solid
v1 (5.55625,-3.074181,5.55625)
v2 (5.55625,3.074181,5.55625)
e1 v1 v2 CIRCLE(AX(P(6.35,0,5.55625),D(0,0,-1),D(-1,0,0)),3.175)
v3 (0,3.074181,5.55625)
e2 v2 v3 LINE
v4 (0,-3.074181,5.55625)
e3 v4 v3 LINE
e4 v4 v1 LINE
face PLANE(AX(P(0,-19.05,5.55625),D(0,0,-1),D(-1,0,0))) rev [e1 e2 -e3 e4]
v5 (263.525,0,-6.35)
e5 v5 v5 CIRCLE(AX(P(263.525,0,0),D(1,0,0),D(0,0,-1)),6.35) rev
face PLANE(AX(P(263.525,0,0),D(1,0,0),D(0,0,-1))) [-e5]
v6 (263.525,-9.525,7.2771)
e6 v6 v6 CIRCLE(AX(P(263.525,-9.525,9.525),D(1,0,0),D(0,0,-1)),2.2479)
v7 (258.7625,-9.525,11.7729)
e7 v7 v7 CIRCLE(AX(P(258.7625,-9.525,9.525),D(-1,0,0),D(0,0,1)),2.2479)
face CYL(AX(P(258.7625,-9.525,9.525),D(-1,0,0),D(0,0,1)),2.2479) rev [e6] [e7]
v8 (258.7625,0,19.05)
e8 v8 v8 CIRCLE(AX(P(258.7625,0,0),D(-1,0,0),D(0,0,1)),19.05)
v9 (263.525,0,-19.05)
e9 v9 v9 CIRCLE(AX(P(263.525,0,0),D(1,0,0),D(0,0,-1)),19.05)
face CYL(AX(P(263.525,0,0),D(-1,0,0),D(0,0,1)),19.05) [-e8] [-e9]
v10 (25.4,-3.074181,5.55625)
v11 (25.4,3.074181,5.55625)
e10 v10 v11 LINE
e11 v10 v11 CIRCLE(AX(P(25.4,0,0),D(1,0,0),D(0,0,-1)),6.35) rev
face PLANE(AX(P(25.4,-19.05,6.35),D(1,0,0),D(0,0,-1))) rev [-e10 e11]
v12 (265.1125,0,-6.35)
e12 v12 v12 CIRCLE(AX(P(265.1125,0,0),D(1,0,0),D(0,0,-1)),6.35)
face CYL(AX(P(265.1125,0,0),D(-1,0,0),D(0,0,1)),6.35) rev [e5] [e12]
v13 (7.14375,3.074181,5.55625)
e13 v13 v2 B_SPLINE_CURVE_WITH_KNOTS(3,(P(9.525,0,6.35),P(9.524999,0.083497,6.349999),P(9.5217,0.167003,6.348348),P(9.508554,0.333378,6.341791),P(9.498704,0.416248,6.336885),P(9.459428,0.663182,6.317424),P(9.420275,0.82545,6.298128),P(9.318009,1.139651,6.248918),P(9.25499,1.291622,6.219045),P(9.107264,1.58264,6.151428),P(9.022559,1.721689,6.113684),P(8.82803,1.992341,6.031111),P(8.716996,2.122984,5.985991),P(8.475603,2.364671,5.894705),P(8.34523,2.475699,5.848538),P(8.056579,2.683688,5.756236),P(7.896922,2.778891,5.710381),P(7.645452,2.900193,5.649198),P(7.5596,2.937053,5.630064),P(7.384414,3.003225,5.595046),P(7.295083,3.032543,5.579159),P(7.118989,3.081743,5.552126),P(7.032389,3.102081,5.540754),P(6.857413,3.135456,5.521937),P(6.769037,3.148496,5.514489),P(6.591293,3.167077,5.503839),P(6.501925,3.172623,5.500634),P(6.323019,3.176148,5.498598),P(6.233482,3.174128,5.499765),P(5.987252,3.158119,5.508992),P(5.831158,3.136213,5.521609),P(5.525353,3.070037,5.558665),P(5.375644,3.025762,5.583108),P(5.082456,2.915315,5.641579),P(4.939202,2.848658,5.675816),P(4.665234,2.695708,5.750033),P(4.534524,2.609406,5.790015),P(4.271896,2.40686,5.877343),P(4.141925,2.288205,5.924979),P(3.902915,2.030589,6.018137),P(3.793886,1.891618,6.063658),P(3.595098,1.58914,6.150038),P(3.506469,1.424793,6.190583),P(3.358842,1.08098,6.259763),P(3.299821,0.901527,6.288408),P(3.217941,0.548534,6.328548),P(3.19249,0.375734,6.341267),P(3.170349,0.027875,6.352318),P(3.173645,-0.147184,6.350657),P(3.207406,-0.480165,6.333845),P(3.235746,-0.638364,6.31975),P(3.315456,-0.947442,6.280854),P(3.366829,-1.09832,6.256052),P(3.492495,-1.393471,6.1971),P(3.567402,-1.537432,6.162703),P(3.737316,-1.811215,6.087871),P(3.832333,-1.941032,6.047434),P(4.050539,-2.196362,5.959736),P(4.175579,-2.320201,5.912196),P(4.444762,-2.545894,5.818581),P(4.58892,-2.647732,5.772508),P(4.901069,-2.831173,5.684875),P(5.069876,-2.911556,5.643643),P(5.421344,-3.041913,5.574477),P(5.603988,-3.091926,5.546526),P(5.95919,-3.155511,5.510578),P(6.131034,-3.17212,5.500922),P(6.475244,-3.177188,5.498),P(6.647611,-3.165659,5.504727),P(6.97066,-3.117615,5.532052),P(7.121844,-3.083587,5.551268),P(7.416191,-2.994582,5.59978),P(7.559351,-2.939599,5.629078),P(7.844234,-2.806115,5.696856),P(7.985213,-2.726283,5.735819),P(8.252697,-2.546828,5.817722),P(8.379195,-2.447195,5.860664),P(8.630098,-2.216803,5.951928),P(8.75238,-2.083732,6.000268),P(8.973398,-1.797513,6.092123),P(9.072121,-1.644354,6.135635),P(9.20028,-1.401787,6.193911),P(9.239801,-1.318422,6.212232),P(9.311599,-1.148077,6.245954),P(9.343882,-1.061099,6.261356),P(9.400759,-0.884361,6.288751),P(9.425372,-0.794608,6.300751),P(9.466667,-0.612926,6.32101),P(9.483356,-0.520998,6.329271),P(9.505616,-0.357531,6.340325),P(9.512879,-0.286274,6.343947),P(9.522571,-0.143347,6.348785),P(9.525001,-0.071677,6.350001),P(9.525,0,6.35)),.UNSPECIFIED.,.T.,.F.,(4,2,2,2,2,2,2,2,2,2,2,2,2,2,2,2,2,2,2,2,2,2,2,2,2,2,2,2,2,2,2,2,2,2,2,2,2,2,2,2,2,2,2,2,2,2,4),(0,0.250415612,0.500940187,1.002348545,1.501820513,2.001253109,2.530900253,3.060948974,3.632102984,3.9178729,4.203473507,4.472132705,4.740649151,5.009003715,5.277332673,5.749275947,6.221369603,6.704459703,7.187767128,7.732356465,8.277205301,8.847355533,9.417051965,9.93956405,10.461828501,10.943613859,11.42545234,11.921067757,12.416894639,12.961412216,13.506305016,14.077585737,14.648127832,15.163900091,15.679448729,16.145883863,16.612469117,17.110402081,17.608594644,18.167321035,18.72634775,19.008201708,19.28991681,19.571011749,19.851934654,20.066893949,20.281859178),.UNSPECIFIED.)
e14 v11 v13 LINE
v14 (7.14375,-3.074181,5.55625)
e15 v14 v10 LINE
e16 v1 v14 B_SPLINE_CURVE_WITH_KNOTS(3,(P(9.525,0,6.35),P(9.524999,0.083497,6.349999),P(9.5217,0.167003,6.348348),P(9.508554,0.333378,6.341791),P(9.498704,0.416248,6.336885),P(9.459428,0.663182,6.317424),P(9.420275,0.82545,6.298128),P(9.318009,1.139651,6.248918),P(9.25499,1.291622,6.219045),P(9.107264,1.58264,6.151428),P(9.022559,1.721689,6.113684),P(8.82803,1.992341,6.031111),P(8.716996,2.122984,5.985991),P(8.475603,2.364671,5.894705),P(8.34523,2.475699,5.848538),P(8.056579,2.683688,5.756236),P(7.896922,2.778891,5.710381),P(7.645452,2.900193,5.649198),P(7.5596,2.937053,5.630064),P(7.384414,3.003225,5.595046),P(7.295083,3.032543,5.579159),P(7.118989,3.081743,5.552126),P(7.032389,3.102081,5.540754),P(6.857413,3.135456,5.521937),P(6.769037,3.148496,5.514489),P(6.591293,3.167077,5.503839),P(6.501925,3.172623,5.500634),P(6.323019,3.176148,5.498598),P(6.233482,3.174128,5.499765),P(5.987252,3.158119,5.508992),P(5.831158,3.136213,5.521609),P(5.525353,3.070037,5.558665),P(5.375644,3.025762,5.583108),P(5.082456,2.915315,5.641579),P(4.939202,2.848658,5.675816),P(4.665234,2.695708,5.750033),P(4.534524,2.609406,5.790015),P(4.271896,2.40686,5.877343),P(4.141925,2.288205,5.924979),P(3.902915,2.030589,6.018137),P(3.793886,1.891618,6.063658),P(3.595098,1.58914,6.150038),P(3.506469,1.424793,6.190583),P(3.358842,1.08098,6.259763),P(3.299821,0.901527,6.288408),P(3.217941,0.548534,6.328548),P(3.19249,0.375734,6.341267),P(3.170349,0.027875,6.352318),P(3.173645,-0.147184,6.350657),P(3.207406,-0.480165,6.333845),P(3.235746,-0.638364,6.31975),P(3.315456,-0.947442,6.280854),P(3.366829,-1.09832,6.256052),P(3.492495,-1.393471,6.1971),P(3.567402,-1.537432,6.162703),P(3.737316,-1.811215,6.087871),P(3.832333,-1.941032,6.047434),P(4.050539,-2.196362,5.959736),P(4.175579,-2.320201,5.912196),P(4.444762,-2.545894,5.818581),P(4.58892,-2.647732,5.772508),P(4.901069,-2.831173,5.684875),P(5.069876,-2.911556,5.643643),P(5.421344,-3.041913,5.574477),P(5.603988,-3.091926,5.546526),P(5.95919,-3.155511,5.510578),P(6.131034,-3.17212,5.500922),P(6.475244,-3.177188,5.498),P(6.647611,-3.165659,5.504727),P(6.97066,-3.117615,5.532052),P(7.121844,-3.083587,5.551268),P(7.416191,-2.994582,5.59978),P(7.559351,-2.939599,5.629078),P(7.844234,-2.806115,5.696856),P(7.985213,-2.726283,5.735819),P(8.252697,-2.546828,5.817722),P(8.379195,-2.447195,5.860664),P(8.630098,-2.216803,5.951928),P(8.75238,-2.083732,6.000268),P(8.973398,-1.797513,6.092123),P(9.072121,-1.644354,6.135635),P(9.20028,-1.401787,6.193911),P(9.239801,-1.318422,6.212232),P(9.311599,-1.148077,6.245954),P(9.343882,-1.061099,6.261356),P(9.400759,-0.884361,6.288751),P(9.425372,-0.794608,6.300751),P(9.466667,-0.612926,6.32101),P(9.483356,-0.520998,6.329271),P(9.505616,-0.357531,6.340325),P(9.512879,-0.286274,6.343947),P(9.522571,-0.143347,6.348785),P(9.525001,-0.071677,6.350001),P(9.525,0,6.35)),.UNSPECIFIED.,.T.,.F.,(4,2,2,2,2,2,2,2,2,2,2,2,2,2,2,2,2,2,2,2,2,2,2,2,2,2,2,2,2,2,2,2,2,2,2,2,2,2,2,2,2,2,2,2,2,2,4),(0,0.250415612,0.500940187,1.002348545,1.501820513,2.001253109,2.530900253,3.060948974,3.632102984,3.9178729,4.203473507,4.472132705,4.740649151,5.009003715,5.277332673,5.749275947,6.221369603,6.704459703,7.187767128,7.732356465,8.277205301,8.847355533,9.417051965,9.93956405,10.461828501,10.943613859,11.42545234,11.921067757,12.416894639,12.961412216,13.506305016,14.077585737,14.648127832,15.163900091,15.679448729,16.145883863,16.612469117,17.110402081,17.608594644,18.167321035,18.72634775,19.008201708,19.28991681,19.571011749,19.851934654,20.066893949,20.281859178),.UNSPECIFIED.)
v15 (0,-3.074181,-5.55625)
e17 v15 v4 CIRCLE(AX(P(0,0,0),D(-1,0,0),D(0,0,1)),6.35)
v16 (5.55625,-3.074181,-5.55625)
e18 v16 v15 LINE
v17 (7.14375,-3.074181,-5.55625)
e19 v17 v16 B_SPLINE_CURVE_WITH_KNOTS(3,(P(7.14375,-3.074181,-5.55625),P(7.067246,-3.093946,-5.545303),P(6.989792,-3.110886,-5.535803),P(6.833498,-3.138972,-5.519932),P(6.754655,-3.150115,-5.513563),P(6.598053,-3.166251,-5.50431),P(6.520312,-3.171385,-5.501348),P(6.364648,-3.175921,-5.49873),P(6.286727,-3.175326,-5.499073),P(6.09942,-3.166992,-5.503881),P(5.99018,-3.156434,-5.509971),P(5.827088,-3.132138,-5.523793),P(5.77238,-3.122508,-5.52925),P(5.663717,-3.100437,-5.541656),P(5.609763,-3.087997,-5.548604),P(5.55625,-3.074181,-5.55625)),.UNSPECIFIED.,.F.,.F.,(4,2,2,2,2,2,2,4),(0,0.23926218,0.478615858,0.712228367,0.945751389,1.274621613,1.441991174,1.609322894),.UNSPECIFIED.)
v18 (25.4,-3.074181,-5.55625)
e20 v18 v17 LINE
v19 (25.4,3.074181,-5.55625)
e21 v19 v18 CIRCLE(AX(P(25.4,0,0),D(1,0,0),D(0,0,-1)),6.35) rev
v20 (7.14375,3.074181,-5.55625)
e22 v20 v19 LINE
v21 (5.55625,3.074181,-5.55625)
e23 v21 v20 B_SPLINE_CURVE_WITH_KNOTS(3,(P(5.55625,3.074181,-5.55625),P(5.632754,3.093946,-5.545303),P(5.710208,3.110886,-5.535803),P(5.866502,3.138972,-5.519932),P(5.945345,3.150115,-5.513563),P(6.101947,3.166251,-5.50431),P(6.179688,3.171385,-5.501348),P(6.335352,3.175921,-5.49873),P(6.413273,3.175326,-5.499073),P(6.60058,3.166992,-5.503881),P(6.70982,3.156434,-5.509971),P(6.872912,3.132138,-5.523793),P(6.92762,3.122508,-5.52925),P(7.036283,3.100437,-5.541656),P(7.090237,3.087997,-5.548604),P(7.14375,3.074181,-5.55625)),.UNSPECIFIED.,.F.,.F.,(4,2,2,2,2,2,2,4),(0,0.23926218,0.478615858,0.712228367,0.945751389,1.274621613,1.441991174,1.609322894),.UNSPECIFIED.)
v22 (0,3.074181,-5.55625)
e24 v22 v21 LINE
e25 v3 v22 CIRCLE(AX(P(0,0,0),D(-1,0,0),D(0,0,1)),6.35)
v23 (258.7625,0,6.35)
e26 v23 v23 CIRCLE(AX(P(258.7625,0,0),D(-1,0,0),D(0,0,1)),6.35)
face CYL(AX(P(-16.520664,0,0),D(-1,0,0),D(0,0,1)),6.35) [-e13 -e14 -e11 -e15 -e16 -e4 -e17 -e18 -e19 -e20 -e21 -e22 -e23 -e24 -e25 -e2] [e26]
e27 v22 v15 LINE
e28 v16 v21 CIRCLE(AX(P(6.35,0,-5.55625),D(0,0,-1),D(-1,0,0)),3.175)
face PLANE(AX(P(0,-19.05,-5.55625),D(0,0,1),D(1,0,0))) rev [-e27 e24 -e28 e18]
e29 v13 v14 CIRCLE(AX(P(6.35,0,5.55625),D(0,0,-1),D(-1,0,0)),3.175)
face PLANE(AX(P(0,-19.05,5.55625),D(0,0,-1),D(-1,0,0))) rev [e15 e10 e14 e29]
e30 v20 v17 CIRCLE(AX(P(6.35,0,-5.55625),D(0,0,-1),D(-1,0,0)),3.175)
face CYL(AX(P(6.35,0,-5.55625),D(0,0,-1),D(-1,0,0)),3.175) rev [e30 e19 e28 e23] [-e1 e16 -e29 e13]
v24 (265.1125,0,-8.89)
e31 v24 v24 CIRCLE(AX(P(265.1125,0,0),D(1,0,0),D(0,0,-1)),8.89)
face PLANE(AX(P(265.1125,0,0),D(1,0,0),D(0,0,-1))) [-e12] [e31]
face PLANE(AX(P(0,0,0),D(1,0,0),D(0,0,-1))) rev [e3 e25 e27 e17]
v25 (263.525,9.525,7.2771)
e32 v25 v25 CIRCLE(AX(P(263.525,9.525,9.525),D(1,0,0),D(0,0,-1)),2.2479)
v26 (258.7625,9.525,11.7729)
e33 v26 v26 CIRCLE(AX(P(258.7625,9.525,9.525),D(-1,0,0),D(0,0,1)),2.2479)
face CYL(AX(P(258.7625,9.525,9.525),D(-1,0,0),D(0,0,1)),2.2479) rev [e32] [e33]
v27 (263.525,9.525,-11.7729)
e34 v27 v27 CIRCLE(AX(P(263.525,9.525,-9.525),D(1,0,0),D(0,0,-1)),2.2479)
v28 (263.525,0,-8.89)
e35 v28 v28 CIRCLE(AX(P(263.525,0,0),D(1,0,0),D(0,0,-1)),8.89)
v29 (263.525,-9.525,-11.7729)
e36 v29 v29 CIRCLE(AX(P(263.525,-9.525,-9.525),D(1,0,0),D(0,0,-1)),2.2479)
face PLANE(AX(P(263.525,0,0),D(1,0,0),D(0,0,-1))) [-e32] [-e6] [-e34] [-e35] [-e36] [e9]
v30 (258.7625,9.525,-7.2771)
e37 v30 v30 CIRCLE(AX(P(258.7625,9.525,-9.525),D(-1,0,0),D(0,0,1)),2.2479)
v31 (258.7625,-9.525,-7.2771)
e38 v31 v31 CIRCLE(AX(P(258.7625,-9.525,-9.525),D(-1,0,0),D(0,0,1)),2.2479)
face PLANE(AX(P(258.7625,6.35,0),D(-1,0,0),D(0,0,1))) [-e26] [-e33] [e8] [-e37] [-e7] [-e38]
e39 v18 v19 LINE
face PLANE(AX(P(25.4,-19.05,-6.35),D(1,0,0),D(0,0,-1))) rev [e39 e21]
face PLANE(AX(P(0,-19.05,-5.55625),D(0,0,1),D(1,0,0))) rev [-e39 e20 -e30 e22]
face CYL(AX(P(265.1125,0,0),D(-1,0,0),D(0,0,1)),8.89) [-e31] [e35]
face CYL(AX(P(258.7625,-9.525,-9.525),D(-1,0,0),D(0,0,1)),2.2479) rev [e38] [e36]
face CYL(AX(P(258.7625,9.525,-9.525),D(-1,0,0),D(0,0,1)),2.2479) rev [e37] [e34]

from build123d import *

# Parameters (mm, degrees)
SKETCH1_R                       = 19.05
BOSS_EXTRUDE1_DEPTH             = 263.525
SKETCH2_W                       = 258.7625
SKETCH2_H                       = 12.7
CUT_EXTRUDE1_DEPTH              = 265.898528922
CUT_EXTRUDE1_DEPTH_BACK         = 265.898528922
SKETCH8_W                       = 25.4
SKETCH8_H                       = 0.79375
F_1_1_DIAMETER_HOLE2_D          = 6.35
F_16_0_177_DIAMETER_HOLE1_D     = 4.4958
F_16_0_177_DIAMETER_HOLE1_DEPTH = 25.4
F_16_0_177_DIAMETER_HOLE1_TIP   = 1.350674586
BOSS_EXTRUDE2_START             = 1.5875
SKETCH15_R                      = 8.89
SKETCH15_R_2                    = 6.35
BOSS_EXTRUDE2_DEPTH             = 1.5875


with BuildPart() as part:
    # Sketch1 → Boss-Extrude1 (new body)
    with BuildSketch(Plane(origin=(0, 0, 0), x_dir=(0, 0, -1), z_dir=(1, 0, 0))):
        Circle(SKETCH1_R)
    extrude(amount=BOSS_EXTRUDE1_DEPTH)

    # Sketch2 → Cut-Revolve1 (revolve, cut)
    with BuildSketch(Plane.XY, mode=Mode.PRIVATE) as cut_revolve1_sk:
        with Locations((129.38125, 12.7)):
            Rectangle(SKETCH2_W, SKETCH2_H)
    revolve(cut_revolve1_sk.sketch.rotate(Axis((-16.52066387, 0, 0), (1, 0, 0)), 90), axis=Axis((-16.52066387, 0, 0), (1, 0, 0)), mode=Mode.SUBTRACT)

    # Sketch8 → Cut-Extrude1 (cut, two sides: drawn at the far end of the back side and taken through both)
    with BuildSketch(Plane(origin=(0, 0, 0), x_dir=(1, 0, 0), z_dir=(0, 1, 0)).offset(-CUT_EXTRUDE1_DEPTH_BACK)):
        with Locations((12.7, 5.953125)):
            Rectangle(SKETCH8_W, SKETCH8_H)
        with Locations((12.7, -5.953125)):
            Rectangle(SKETCH8_W, SKETCH8_H)
    extrude(amount=CUT_EXTRUDE1_DEPTH + CUT_EXTRUDE1_DEPTH_BACK, mode=Mode.SUBTRACT)

    # 1 (1) Diameter Hole2 (through all)
    with Locations(Plane(origin=(0, 0, -5.55625), x_dir=(-1, 0, 0), z_dir=(0, 0, -1))):
        with Locations((-6.35, 0)):
            Hole(F_1_1_DIAMETER_HOLE2_D / 2)

    # #16 (0.177) Diameter Hole1
    with Locations(Plane.ZY.offset(-258.7625)):
        with Locations((9.525, 9.525), (-9.525, -9.525), (-9.525, 9.525), (9.525, -9.525)):
            Hole(F_16_0_177_DIAMETER_HOLE1_D / 2, depth=F_16_0_177_DIAMETER_HOLE1_DEPTH)
            with Locations((0, 0, -(F_16_0_177_DIAMETER_HOLE1_DEPTH + F_16_0_177_DIAMETER_HOLE1_TIP / 2))):  # 118° drill point
                Cone(0, F_16_0_177_DIAMETER_HOLE1_D / 2, F_16_0_177_DIAMETER_HOLE1_TIP, mode=Mode.SUBTRACT)

    # Sketch15 → Boss-Extrude2 (add)
    with BuildSketch(Plane(origin=(263.525, 0, 0), x_dir=(0, 0, -1), z_dir=(1, 0, 0)).offset(BOSS_EXTRUDE2_START)):
        Circle(SKETCH15_R)
        with Locations(Location((0, 0, 0), (0, 0, 180))):
            Circle(SKETCH15_R_2, mode=Mode.SUBTRACT)
    extrude(amount=-BOSS_EXTRUDE2_DEPTH)


solid = part.part
